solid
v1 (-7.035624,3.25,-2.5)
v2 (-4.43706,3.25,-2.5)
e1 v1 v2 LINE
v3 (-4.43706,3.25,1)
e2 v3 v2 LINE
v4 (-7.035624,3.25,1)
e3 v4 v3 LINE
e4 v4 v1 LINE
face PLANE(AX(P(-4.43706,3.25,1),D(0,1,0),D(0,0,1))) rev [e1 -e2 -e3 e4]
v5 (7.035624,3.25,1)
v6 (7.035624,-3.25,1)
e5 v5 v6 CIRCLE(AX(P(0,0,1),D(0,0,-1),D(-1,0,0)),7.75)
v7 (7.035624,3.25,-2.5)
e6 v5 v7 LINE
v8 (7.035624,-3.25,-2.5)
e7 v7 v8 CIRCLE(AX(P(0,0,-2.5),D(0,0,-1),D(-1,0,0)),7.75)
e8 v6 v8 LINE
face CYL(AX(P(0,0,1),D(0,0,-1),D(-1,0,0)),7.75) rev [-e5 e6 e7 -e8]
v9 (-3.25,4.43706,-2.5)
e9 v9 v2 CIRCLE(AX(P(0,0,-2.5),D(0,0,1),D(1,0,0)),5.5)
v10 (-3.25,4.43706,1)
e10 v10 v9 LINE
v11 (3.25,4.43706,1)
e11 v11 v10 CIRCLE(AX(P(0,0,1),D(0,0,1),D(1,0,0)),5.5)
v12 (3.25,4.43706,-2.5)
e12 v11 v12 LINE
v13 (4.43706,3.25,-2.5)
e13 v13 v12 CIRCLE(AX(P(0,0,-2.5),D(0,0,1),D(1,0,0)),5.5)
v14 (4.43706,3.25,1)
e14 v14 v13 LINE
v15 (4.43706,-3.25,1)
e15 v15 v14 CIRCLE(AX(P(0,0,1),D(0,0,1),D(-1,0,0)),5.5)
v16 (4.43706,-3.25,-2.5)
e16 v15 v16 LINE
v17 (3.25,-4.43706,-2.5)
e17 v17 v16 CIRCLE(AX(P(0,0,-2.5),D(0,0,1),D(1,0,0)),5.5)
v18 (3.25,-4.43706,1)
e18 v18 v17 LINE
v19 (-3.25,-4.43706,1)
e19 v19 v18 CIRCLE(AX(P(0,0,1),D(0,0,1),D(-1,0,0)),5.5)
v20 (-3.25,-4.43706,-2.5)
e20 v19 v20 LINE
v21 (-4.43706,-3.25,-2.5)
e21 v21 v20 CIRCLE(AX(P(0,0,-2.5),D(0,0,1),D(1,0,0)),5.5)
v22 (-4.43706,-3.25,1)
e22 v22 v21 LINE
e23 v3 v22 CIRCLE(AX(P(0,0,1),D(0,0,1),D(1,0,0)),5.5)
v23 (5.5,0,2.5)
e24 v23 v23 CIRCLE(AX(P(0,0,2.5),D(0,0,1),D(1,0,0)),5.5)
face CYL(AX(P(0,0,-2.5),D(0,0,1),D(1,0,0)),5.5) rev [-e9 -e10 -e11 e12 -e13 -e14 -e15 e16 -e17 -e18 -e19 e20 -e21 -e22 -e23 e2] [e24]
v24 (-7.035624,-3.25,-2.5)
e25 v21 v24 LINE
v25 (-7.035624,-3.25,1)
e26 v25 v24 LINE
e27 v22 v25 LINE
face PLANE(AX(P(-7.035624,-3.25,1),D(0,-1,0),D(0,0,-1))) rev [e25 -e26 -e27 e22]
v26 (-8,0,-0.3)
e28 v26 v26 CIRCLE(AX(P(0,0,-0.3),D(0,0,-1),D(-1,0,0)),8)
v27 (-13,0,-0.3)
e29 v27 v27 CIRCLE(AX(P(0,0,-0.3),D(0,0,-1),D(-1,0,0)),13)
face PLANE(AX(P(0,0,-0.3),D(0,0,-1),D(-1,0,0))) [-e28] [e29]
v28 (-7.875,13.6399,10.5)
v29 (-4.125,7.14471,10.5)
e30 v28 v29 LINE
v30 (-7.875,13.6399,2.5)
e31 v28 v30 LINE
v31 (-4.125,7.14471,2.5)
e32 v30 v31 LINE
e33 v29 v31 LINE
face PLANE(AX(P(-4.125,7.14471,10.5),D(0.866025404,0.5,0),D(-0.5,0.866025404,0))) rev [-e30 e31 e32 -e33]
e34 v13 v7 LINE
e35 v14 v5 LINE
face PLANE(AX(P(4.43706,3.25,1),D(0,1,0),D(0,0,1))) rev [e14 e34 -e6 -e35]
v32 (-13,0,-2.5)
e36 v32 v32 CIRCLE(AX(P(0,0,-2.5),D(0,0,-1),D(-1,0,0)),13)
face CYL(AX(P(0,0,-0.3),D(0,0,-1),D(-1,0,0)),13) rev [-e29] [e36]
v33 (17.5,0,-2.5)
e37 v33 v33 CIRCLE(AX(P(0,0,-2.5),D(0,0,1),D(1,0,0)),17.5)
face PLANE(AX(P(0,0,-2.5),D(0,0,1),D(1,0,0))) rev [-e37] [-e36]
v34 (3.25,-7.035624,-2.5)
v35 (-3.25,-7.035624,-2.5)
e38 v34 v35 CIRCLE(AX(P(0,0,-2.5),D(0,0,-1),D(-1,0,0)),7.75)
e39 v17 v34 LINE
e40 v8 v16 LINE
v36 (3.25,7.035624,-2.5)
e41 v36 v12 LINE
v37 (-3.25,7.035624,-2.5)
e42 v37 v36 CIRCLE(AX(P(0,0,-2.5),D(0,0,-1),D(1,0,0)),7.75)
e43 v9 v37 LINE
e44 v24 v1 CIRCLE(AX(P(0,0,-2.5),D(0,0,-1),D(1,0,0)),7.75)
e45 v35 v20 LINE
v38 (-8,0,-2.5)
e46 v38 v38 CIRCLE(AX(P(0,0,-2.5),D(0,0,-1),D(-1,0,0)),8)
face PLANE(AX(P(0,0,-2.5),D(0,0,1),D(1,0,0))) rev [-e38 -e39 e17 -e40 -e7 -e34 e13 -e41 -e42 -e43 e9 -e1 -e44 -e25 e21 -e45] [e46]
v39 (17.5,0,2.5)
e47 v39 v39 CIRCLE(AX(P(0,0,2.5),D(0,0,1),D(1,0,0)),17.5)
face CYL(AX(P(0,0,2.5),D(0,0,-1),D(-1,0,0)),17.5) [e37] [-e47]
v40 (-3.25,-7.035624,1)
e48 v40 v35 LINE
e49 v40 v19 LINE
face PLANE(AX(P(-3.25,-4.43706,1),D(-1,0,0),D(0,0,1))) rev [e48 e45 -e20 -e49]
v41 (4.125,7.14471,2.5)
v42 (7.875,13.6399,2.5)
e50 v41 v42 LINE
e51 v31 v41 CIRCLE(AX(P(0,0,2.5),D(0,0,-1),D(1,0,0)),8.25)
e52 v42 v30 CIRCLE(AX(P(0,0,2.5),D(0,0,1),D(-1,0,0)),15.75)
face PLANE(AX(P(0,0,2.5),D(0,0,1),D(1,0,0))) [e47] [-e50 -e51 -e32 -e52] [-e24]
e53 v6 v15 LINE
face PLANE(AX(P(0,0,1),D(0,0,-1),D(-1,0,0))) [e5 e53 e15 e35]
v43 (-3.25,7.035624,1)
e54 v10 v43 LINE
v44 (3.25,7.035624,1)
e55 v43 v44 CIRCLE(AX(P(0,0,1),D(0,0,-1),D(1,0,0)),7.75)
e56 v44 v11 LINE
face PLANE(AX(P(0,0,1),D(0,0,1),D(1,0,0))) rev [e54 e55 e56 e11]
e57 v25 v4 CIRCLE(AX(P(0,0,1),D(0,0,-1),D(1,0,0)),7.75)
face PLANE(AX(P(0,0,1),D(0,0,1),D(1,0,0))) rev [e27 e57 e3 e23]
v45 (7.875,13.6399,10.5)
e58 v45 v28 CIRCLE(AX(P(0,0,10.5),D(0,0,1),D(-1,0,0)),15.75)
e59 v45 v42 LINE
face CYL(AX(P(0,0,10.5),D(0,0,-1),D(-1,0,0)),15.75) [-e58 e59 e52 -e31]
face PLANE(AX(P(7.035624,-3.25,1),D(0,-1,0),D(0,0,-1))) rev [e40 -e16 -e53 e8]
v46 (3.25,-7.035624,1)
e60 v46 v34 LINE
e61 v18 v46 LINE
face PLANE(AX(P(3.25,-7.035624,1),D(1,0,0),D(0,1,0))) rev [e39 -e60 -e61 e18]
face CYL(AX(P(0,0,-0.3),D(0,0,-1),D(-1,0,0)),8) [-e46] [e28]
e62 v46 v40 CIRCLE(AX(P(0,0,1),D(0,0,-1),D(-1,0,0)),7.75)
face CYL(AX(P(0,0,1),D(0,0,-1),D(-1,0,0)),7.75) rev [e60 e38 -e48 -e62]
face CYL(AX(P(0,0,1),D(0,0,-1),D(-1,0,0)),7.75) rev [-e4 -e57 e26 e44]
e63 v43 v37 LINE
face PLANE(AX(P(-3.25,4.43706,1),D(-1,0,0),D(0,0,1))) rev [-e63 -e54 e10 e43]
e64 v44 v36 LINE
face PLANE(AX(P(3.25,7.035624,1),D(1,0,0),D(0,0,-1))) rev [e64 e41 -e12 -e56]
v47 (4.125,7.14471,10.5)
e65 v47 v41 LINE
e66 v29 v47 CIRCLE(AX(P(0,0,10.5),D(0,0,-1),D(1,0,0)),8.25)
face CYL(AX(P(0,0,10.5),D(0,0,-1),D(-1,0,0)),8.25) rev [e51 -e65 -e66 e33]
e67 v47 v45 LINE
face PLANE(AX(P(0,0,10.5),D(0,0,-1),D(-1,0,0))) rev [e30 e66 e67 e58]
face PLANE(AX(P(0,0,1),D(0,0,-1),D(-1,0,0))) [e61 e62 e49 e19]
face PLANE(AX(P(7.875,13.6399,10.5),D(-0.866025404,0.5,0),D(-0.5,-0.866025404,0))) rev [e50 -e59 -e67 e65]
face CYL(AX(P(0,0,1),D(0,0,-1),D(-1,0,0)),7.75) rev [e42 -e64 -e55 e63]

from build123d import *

# Parameters (mm, degrees)
SKETCH1_R               = 17.5
BOSS_EXTRUDE1_DEPTH     = 2.5
BOSS_EXTRUDE2_DEPTH     = 8
CUT_EXTRUDE1_DEPTH      = 27.009613607
CUT_EXTRUDE1_DEPTH_BACK = 27.009613607
SKETCH3_R               = 5.5
CUT_EXTRUDE4_START      = -3.5
CUT_EXTRUDE4_DEPTH      = 3.5
SKETCH5_R               = 13
SKETCH5_R_2             = 8
CUT_EXTRUDE5_DEPTH      = 2.2


with BuildPart() as part:
    # Sketch1 → Boss-Extrude1 (new, symmetric)
    with BuildSketch(Plane.XY):
        Circle(SKETCH1_R)
    extrude(amount=BOSS_EXTRUDE1_DEPTH, both=True)

    # Sketch2 → Boss-Extrude2 (add)
    with BuildSketch(Plane.XY.offset(2.5)):
        with BuildLine():
            Line((7.875, 13.63990011), (4.125, 7.144709581))
            ThreePointArc((4.125, 7.144709581), (0, 8.25), (-4.125, 7.144709581))
            Line((-4.125, 7.144709581), (-7.875, 13.63990011))
            ThreePointArc((-7.875, 13.63990011), (0, 15.75), (7.875, 13.63990011))
        make_face()
    extrude(amount=BOSS_EXTRUDE2_DEPTH)

    # Sketch3 → Cut-Extrude1 (cut, two sides: drawn at the far end of the back side and taken through both)
    with BuildSketch(Plane.XY.offset(2.5).offset(-CUT_EXTRUDE1_DEPTH_BACK)):
        Circle(SKETCH3_R)
    extrude(amount=CUT_EXTRUDE1_DEPTH + CUT_EXTRUDE1_DEPTH_BACK, mode=Mode.SUBTRACT)

    # Sketch4 → Cut-Extrude4 (cut)
    with BuildSketch(Plane(origin=(0, 0, -2.5), x_dir=(-1, 0, 0), z_dir=(0, 0, -1)).offset(CUT_EXTRUDE4_START)):
        with BuildLine():
            Line((-3.25, 7.03562364), (-3.25, 4.437059837))
            ThreePointArc((-3.25, 4.437059837), (0, 5.5), (3.25, 4.437059837))
            Line((3.25, 4.437059837), (3.25, 7.03562364))
            ThreePointArc((3.25, 7.03562364), (0, 7.75), (-3.25, 7.03562364))
        make_face()
        with BuildLine():
            Line((3.25, -4.437059837), (3.25, -7.03562364))
            ThreePointArc((3.25, -7.03562364), (0, -7.75), (-3.25, -7.03562364))
            Line((-3.25, -7.03562364), (-3.25, -4.437059837))
            ThreePointArc((-3.25, -4.437059837), (0, -5.5), (3.25, -4.437059837))
        make_face()
        with BuildLine():
            Line((-4.437059837, 3.25), (-7.03562364, 3.25))
            ThreePointArc((-7.03562364, 3.25), (-7.75, 0), (-7.03562364, -3.25))
            Line((-7.03562364, -3.25), (-4.437059837, -3.25))
            ThreePointArc((-4.437059837, -3.25), (-5.5, 0), (-4.437059837, 3.25))
        make_face()
        with BuildLine():
            Line((7.03562364, -3.25), (4.437059837, -3.25))
            ThreePointArc((4.437059837, -3.25), (5.5, 0), (4.437059837, 3.25))
            Line((4.437059837, 3.25), (7.03562364, 3.25))
            ThreePointArc((7.03562364, 3.25), (7.75, 0), (7.03562364, -3.25))
        make_face()
    extrude(amount=CUT_EXTRUDE4_DEPTH, mode=Mode.SUBTRACT)

    # Sketch5 → Cut-Extrude5 (cut)
    with BuildSketch(Plane(origin=(0, 0, -2.5), x_dir=(-1, 0, 0), z_dir=(0, 0, -1))):
        Circle(SKETCH5_R)
        Circle(SKETCH5_R_2, mode=Mode.SUBTRACT)
    extrude(amount=-CUT_EXTRUDE5_DEPTH, mode=Mode.SUBTRACT)


solid = part.part
